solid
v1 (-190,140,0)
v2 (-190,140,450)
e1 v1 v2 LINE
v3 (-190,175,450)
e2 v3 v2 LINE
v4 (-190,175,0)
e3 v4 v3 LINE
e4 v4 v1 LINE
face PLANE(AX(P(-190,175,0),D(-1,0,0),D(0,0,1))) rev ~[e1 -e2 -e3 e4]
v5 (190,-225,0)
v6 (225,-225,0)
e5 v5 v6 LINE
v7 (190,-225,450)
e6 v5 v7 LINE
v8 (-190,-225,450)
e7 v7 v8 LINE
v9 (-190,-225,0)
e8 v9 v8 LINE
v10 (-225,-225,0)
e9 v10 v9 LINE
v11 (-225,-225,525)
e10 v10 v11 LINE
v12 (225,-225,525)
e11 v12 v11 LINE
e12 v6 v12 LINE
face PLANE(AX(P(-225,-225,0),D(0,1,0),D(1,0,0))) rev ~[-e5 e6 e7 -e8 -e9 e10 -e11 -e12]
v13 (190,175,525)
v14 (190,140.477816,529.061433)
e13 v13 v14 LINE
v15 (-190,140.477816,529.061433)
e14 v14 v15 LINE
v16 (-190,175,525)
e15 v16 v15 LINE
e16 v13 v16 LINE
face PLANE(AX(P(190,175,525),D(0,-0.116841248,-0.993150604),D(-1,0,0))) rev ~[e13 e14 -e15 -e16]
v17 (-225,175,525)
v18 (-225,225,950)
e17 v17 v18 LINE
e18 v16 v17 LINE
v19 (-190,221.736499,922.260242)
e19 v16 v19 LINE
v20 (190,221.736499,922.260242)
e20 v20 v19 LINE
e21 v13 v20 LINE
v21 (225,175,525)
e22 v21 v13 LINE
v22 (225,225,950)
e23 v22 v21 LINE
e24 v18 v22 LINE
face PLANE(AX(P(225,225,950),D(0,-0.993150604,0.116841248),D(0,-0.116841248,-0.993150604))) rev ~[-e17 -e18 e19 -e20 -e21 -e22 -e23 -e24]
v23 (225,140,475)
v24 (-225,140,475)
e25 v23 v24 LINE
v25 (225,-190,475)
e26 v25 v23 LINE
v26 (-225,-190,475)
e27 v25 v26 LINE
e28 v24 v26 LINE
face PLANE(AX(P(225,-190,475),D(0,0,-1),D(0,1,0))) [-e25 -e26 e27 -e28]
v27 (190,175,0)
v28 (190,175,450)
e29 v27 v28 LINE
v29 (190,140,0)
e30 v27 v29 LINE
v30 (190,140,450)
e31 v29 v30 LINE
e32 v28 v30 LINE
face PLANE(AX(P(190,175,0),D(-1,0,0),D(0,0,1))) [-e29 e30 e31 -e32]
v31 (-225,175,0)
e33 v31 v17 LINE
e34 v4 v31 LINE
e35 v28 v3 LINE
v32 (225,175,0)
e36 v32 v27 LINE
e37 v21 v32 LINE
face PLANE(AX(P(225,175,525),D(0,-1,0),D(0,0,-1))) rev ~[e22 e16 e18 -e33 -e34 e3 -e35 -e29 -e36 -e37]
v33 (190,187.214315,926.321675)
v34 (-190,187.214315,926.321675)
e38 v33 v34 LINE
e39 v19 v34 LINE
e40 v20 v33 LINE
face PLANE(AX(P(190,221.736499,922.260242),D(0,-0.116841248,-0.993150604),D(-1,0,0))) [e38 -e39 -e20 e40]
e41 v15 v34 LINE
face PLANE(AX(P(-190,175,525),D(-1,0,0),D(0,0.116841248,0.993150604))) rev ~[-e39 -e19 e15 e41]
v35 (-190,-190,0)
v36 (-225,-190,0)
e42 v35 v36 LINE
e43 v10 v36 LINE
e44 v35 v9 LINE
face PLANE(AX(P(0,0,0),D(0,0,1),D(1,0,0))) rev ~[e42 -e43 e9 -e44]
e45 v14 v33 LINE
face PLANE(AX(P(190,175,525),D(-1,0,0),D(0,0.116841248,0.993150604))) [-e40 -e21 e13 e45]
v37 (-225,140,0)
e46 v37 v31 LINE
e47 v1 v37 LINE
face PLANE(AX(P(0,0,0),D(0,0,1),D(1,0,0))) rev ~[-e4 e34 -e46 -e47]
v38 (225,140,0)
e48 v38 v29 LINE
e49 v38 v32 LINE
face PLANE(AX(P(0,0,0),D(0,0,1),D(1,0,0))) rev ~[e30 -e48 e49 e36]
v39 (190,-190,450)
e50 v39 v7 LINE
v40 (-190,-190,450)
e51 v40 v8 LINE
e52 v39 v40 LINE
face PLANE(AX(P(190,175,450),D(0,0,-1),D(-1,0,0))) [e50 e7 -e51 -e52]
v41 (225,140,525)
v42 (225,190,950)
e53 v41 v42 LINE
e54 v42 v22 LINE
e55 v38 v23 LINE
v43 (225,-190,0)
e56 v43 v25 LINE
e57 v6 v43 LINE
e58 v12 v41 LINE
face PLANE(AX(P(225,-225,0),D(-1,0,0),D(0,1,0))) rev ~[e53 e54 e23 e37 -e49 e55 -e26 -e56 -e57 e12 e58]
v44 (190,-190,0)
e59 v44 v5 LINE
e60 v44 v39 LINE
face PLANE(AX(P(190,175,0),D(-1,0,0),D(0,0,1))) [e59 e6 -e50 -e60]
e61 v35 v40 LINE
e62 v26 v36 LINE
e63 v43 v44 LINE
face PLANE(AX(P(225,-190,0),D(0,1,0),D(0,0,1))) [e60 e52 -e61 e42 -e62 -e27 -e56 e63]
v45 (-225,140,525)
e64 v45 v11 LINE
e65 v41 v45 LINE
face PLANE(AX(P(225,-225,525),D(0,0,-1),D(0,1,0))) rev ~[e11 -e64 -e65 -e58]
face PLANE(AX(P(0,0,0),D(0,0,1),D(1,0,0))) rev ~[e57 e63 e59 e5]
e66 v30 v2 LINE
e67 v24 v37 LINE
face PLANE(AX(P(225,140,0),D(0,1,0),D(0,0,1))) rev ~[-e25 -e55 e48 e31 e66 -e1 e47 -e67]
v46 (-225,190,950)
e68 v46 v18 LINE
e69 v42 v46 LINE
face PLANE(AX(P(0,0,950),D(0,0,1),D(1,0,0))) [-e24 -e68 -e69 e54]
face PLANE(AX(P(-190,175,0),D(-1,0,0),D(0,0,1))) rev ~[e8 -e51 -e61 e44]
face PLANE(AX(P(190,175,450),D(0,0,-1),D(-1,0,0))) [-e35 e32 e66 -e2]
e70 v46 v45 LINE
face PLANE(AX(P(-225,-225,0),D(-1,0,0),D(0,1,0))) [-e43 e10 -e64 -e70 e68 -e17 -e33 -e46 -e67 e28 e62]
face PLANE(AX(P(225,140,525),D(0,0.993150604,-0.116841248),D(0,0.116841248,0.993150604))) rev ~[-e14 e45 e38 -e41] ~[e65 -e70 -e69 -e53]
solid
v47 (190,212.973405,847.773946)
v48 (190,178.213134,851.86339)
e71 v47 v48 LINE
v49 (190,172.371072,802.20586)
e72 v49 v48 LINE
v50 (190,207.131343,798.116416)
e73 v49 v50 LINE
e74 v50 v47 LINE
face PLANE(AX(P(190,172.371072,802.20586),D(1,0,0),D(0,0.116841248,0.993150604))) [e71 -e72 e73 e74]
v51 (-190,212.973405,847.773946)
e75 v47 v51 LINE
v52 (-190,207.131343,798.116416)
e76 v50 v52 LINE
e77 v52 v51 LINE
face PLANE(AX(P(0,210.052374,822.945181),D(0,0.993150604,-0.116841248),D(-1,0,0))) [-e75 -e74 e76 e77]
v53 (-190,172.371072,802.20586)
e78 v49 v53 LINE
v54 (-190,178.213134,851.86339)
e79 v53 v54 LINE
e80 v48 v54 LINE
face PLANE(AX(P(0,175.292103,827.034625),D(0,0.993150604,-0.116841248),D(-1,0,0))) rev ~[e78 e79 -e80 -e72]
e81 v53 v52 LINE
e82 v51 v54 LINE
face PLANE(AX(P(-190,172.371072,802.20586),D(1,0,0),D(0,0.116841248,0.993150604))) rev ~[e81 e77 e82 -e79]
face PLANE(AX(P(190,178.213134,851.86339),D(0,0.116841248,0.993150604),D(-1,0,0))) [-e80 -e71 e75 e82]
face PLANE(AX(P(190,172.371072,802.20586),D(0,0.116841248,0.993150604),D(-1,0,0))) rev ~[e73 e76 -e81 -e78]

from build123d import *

# Parameters (mm, degrees)
F0_W      = 450
F0_H      = 450
F1_DEPTH  = 950
F2_W      = 50
F2_H      = 50
F2_W_2    = 330
F2_H_2    = 475
F3_DEPTH  = 450.001
F4_W      = 380
F4_H      = 450
F5_DEPTH  = 400.001
F6_W      = 380
F6_H      = 400
F7_DEPTH  = 446.9187719453
F8_W      = 380
F8_H      = 50
F9_DEPTH  = 35
F10_DEPTH = 25


with BuildPart() as f1:
    # F0 (on Top) → F1 (new body)
    with BuildSketch(Plane.XY):
        Rectangle(F0_W, F0_H)
    extrude(amount=F1_DEPTH)

    # F2 (on face) → F3 (cut, through all)
    with BuildSketch(Plane.YZ.offset(225)):
        with Locations((200, 500)):
            Rectangle(F2_W, F2_H)
        Polygon((-225, 950), (-225, 525), (-190, 525), (140, 525), (190, 950), align=None)
        with Locations((-25, 237.5)):
            Rectangle(F2_W_2, F2_H_2)
        with Locations((200, 237.5)):
            Rectangle(F2_W, F2_H_2)
        Polygon((225, 950), (175, 525), (225, 525), align=None)
    extrude(amount=-F3_DEPTH, mode=Mode.SUBTRACT)

    # F4 (on face) → F5 (cut, through all)
    with BuildSketch(Plane(origin=(0, 175, 0), x_dir=(-1, 0, 0), z_dir=(0, 1, 0))):
        with Locations((0, 225)):
            Rectangle(F4_W, F4_H)
    extrude(amount=-F5_DEPTH, mode=Mode.SUBTRACT)

    # F6 (on face) → F7 (cut, through all)
    with BuildSketch(Plane(origin=(0, 111.6894197952, -13.1399317406), x_dir=(-1, 0, 0), z_dir=(0, 0.9931506043, -0.1168412476))):
        with Locations((0, 741.8512855938)):
            Rectangle(F6_W, F6_H)
    extrude(amount=-F7_DEPTH, mode=Mode.SUBTRACT)


with BuildPart() as f9:
    # F8 (on face) → F9 (new body)
    with BuildSketch(Plane(origin=(0, 111.6894197952, -13.1399317406), x_dir=(-1, 0, 0), z_dir=(0, 0.9931506043, -0.1168412476))):
        with Locations((0, 841.8512855938)):
            Rectangle(F8_W, F8_H)
    extrude(amount=-F9_DEPTH)

    # F10 (add): a face of the model
    f10_faces = [f9.faces().sort_by_distance(p)[0] for p in [
        (0, 175.2921031189, 827.0346249617),
    ]]
    extrude(f10_faces, amount=-F10_DEPTH)


solid = Compound([f1.part, f9.part])
